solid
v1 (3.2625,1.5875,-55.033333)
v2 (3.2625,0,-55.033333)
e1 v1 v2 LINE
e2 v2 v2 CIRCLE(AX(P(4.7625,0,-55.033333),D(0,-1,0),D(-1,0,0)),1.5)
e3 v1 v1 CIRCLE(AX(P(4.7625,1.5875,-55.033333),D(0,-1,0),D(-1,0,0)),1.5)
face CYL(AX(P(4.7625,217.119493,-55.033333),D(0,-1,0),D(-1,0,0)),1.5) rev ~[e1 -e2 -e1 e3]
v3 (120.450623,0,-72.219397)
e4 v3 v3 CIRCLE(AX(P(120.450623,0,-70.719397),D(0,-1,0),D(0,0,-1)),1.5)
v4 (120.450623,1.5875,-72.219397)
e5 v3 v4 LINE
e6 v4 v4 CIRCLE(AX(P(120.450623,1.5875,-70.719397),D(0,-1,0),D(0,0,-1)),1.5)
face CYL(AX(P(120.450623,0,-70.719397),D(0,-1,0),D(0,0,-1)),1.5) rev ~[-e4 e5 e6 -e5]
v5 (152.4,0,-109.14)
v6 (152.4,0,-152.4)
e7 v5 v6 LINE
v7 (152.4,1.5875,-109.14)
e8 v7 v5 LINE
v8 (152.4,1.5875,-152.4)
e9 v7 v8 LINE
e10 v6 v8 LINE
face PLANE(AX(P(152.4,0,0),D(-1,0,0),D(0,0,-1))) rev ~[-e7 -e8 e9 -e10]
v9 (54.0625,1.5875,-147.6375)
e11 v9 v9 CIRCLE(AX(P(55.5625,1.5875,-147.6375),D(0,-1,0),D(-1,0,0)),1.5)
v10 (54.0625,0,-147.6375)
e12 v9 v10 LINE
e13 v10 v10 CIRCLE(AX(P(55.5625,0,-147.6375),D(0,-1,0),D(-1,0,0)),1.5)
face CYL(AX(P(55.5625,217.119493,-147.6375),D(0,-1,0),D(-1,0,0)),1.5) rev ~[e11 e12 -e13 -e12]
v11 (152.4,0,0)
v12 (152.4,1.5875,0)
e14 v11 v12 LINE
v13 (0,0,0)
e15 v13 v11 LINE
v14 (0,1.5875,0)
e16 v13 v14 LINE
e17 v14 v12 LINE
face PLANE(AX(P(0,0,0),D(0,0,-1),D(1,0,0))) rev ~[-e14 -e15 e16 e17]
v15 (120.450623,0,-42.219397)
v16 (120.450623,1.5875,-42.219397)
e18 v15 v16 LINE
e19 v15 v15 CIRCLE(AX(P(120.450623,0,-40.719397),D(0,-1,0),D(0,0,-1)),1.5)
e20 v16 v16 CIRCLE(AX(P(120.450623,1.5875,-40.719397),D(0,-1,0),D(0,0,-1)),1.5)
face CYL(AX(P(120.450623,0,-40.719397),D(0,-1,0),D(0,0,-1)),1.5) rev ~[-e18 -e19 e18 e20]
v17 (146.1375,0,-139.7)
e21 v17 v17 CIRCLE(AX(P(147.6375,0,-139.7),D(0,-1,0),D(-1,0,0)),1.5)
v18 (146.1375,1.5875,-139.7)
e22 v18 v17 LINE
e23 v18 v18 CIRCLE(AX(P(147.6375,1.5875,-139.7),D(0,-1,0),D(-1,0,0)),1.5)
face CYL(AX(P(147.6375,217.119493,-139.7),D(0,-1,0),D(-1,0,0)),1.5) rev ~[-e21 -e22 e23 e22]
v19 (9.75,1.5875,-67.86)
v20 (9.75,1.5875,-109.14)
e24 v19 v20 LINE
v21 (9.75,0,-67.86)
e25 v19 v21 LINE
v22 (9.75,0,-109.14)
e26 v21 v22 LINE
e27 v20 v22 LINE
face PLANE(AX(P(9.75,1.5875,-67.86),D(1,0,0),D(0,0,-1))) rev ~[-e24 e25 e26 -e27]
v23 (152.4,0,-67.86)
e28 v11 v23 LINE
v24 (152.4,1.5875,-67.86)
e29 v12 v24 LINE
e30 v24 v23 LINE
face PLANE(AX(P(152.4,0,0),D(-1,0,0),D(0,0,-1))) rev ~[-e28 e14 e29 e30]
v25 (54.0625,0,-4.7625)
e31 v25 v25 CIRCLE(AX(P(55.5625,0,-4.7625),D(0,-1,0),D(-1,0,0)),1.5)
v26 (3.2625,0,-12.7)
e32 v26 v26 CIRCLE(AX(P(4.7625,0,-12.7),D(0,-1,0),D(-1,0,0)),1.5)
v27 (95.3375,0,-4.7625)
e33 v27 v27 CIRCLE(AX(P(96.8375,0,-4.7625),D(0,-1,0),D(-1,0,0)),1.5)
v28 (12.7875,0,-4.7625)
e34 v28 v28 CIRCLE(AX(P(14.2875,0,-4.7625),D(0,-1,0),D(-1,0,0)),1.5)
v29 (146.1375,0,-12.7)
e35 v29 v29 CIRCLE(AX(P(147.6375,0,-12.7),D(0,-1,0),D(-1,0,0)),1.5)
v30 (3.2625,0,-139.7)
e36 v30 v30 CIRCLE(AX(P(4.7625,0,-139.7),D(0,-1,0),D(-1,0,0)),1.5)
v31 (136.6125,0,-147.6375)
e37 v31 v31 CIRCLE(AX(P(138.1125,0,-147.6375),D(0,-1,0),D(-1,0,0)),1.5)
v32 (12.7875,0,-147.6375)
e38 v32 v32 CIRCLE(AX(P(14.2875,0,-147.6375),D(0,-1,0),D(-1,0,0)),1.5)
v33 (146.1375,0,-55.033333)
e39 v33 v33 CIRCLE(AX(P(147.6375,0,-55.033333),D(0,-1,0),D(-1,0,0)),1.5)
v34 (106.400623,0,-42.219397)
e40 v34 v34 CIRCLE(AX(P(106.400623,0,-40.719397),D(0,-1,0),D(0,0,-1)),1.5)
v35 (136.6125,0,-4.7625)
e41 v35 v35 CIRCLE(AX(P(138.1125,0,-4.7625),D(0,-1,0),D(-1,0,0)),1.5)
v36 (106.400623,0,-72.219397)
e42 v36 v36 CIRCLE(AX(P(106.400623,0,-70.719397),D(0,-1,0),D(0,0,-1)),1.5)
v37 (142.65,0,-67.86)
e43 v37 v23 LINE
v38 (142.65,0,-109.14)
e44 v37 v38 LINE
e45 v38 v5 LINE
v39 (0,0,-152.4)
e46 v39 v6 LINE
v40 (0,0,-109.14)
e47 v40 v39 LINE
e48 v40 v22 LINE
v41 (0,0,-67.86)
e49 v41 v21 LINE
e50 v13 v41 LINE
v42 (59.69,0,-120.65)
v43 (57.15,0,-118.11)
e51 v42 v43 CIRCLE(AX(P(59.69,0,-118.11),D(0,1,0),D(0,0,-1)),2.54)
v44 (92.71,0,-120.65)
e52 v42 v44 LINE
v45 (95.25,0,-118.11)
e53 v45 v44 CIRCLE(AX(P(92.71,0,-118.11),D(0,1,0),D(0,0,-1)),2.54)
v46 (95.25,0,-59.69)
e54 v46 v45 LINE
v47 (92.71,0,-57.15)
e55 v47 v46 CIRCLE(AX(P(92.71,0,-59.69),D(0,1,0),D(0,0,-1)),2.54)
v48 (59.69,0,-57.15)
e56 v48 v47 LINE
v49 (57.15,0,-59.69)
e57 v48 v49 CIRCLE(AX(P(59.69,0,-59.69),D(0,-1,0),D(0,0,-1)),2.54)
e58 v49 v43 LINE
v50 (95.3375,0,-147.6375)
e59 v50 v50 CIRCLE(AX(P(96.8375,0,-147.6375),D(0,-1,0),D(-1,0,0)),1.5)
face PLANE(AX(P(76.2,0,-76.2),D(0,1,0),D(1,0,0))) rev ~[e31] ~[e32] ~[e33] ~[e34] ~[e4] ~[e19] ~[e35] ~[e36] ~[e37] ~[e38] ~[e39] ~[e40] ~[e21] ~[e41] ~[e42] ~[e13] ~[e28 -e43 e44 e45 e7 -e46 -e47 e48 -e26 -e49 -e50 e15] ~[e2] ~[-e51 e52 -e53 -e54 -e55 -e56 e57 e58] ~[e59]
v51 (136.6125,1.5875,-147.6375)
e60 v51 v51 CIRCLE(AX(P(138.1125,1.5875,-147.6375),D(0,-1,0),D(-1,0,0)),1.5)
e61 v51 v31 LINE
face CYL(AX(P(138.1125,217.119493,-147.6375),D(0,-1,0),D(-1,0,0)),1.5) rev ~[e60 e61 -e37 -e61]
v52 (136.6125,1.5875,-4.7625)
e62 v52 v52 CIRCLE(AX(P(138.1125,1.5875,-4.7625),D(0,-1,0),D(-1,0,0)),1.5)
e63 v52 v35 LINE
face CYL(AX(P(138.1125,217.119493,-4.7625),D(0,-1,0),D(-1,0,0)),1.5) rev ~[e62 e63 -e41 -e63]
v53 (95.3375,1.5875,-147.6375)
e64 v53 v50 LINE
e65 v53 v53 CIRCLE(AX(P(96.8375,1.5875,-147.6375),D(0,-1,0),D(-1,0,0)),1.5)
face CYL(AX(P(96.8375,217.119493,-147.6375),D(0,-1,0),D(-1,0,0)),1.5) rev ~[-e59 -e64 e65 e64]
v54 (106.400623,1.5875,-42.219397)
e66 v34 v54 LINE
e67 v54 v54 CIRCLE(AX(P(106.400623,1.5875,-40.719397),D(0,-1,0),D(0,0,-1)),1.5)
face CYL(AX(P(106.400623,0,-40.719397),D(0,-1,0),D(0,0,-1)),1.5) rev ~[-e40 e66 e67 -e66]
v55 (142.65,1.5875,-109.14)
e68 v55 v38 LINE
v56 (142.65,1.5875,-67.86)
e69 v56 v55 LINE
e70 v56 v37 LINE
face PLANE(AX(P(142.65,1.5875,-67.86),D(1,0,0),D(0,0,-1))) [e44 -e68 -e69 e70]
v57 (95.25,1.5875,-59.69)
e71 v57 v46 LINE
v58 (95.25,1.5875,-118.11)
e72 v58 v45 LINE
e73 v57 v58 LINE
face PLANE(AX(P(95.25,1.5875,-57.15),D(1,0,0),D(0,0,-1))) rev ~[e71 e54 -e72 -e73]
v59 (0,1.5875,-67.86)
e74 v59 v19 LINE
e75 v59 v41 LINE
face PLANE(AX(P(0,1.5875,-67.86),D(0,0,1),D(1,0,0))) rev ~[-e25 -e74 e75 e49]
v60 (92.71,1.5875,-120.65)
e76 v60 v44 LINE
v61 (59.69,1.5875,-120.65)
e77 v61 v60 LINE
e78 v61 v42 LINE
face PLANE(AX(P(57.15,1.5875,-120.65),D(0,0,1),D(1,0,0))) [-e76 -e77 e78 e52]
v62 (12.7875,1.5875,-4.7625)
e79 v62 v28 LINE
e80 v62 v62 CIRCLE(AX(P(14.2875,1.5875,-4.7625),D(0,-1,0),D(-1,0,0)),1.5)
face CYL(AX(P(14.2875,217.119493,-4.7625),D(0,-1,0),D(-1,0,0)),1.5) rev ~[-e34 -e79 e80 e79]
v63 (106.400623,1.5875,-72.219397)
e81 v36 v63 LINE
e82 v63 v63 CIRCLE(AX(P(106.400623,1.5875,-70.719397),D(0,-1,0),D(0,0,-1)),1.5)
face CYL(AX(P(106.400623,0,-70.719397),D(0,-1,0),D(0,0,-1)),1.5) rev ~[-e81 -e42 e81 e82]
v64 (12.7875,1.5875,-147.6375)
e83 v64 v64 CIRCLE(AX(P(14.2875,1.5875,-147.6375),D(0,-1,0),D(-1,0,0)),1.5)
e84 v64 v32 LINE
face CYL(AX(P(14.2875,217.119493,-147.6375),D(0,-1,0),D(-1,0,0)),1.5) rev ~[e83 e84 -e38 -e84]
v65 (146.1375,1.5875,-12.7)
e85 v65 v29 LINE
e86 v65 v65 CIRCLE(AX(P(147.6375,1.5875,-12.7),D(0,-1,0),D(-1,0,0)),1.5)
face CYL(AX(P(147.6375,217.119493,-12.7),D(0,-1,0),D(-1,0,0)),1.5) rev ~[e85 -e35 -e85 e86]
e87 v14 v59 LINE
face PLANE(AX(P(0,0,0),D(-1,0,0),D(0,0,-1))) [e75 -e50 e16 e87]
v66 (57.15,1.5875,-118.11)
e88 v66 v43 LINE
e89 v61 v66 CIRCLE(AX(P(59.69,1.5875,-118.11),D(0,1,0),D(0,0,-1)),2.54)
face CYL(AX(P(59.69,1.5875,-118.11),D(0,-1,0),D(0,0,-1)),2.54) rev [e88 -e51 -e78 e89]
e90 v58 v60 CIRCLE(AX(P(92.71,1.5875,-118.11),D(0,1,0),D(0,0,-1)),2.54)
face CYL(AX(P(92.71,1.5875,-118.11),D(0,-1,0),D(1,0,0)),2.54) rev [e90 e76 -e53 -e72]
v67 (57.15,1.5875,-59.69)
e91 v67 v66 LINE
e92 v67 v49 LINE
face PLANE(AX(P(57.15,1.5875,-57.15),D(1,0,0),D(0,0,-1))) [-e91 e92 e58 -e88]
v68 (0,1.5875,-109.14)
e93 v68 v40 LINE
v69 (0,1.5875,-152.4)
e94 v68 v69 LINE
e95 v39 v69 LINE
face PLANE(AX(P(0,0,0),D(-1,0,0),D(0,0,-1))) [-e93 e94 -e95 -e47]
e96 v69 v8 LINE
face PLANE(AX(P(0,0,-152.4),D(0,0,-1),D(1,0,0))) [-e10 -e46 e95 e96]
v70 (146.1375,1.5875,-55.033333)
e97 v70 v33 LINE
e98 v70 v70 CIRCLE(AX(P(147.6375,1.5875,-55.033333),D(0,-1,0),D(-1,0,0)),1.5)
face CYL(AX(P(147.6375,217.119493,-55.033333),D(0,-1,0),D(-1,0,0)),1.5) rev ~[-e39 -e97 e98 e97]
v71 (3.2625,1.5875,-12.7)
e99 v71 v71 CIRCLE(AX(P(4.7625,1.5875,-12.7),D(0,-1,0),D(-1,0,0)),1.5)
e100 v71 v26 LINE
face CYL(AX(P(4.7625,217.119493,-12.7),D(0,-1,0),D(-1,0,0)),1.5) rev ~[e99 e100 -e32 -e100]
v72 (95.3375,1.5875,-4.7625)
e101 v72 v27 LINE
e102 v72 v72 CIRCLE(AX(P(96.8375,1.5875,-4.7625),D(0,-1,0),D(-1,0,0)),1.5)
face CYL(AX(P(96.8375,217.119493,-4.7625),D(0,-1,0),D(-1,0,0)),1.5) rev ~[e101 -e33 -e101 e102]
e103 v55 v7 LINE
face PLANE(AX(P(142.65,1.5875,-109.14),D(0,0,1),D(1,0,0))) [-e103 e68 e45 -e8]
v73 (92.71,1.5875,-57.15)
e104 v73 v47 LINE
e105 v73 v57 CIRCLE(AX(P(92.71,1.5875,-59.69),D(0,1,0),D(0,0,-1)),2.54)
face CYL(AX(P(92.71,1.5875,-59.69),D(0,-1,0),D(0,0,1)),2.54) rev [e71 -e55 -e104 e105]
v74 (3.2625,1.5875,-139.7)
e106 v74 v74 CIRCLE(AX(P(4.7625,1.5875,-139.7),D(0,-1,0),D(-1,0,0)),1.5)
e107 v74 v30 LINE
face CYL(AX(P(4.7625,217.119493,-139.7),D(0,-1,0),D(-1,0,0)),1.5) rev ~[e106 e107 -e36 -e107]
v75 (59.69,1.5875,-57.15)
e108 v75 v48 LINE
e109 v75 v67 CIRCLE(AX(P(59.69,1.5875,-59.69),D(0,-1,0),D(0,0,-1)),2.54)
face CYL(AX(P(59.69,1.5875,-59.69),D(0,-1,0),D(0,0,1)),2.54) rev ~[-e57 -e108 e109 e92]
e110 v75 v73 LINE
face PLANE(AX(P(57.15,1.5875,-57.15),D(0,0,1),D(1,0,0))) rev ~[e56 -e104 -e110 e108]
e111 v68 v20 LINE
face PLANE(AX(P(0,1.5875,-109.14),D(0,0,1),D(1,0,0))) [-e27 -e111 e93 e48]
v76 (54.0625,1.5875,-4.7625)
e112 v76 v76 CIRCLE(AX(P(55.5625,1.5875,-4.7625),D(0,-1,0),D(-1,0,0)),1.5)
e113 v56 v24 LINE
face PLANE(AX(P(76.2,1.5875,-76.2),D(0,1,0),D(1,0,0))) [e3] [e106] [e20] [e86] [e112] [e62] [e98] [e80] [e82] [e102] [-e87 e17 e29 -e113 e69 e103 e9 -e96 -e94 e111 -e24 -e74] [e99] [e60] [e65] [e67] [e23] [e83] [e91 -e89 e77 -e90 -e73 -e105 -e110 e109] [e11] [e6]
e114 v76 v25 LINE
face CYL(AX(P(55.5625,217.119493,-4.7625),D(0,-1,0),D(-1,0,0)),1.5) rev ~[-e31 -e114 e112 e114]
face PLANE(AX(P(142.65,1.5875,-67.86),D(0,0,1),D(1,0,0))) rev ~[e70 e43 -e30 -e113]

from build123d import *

# Parameters (mm, degrees)
SKETCH2_W             = 152.4
SKETCH2_H             = 152.4
BOSS_EXTRUDE1_DEPTH   = 1.5875
F_3_0MM_DOWEL_HOLE1_D = 3
F_3_0MM_DOWEL_HOLE2_D = 3
LPATTERN1_COUNT       = 4
LPATTERN1_PITCH       = 42.333333333
LPATTERN2_COUNT       = 4
LPATTERN2_PITCH       = 41.275
SKETCH12_W            = 38.1
SKETCH12_H            = 63.5
CUT_EXTRUDE1_DEPTH    = 2.54
FILLET2_R             = 2.54
SKETCH13_W            = 9.75
SKETCH13_H            = 41.28
CUT_EXTRUDE2_DEPTH    = 216.531993347
SKETCH14_R            = 1.5
CUT_EXTRUDE3_DEPTH    = 10


with BuildPart() as part:
    # Sketch2 → Boss-Extrude1 (new body)
    with BuildSketch(Plane(origin=(0, 0, 0), x_dir=(1, 0, 0), z_dir=(0, 1, 0))):
        with Locations((76.2, 76.2)):
            Rectangle(SKETCH2_W, SKETCH2_H)
    extrude(amount=BOSS_EXTRUDE1_DEPTH)

    # Ø3.0mm Dowel Hole1 (through all)
    with Locations(Plane(origin=(0, 1.5875, 0), x_dir=(1, 0, 0), z_dir=(0, 1, 0))):
        with Locations((14.2875, 147.6375), (14.2875, 4.7625)):
            f_3_0mm_dowel_hole1 = Hole(F_3_0MM_DOWEL_HOLE1_D / 2)

    # Ø3.0mm Dowel Hole2 (through all)
    with Locations(Plane(origin=(0, 1.5875, 0), x_dir=(1, 0, 0), z_dir=(0, 1, 0))):
        with Locations((4.7625, 139.7), (147.6375, 139.7)):
            f_3_0mm_dowel_hole2 = Hole(F_3_0MM_DOWEL_HOLE2_D / 2)

    # LPattern1: Ø3.0mm Dowel Hole2 ×4, 1 skipped
    with Locations(*[(0, 0, i * LPATTERN1_PITCH) for i in range(1, LPATTERN1_COUNT) if i not in (1,)]):
        add(f_3_0mm_dowel_hole2, mode=Mode.SUBTRACT)

    # LPattern2: Ø3.0mm Dowel Hole1 ×4
    with Locations(*[(i * LPATTERN2_PITCH, 0, 0) for i in range(1, LPATTERN2_COUNT)]):
        add(f_3_0mm_dowel_hole1, mode=Mode.SUBTRACT)

    # Sketch12 → Cut-Extrude1 (cut)
    with BuildSketch(Plane(origin=(0, 1.5875, 0), x_dir=(1, 0, 0), z_dir=(0, 1, 0))):
        with Locations((76.2, 88.9)):
            Rectangle(SKETCH12_W, SKETCH12_H)
    extrude(amount=-CUT_EXTRUDE1_DEPTH, mode=Mode.SUBTRACT)

    # Fillet2
    fillet2_edges = [part.edges().sort_by_distance(p)[0] for p in [
        (95.25, 0.79375, -120.65),
        (95.25, 0.79375, -57.15),
        (57.15, 0.79375, -57.15),
        (57.15, 0.79375, -120.65),
    ]]
    fillet(fillet2_edges, radius=FILLET2_R)

    # Sketch13 → Cut-Extrude2 (cut, through all)
    with BuildSketch(Plane(origin=(0, 1.5875, 0), x_dir=(1, 0, 0), z_dir=(0, 1, 0))):
        with Locations((147.525, 88.5)):
            Rectangle(SKETCH13_W, SKETCH13_H)
        with Locations((4.875, 88.5)):
            Rectangle(SKETCH13_W, SKETCH13_H)
    extrude(amount=-CUT_EXTRUDE2_DEPTH, mode=Mode.SUBTRACT)

    # Sketch14 → Cut-Extrude3 (cut)
    with BuildSketch(Plane.XZ):
        with Locations(Location((120.450623047, -40.719396702, 0), (0, 0, 270))):
            Circle(SKETCH14_R)
        with Locations(Location((106.400623047, -40.719396702, 0), (0, 0, 270))):
            Circle(SKETCH14_R)
        with Locations(Location((106.400623047, -70.719396702, 0), (0, 0, 270))):
            Circle(SKETCH14_R)
        with Locations(Location((120.450623047, -70.719396702, 0), (0, 0, 270))):
            Circle(SKETCH14_R)
    extrude(amount=-CUT_EXTRUDE3_DEPTH, mode=Mode.SUBTRACT)


solid = part.part
